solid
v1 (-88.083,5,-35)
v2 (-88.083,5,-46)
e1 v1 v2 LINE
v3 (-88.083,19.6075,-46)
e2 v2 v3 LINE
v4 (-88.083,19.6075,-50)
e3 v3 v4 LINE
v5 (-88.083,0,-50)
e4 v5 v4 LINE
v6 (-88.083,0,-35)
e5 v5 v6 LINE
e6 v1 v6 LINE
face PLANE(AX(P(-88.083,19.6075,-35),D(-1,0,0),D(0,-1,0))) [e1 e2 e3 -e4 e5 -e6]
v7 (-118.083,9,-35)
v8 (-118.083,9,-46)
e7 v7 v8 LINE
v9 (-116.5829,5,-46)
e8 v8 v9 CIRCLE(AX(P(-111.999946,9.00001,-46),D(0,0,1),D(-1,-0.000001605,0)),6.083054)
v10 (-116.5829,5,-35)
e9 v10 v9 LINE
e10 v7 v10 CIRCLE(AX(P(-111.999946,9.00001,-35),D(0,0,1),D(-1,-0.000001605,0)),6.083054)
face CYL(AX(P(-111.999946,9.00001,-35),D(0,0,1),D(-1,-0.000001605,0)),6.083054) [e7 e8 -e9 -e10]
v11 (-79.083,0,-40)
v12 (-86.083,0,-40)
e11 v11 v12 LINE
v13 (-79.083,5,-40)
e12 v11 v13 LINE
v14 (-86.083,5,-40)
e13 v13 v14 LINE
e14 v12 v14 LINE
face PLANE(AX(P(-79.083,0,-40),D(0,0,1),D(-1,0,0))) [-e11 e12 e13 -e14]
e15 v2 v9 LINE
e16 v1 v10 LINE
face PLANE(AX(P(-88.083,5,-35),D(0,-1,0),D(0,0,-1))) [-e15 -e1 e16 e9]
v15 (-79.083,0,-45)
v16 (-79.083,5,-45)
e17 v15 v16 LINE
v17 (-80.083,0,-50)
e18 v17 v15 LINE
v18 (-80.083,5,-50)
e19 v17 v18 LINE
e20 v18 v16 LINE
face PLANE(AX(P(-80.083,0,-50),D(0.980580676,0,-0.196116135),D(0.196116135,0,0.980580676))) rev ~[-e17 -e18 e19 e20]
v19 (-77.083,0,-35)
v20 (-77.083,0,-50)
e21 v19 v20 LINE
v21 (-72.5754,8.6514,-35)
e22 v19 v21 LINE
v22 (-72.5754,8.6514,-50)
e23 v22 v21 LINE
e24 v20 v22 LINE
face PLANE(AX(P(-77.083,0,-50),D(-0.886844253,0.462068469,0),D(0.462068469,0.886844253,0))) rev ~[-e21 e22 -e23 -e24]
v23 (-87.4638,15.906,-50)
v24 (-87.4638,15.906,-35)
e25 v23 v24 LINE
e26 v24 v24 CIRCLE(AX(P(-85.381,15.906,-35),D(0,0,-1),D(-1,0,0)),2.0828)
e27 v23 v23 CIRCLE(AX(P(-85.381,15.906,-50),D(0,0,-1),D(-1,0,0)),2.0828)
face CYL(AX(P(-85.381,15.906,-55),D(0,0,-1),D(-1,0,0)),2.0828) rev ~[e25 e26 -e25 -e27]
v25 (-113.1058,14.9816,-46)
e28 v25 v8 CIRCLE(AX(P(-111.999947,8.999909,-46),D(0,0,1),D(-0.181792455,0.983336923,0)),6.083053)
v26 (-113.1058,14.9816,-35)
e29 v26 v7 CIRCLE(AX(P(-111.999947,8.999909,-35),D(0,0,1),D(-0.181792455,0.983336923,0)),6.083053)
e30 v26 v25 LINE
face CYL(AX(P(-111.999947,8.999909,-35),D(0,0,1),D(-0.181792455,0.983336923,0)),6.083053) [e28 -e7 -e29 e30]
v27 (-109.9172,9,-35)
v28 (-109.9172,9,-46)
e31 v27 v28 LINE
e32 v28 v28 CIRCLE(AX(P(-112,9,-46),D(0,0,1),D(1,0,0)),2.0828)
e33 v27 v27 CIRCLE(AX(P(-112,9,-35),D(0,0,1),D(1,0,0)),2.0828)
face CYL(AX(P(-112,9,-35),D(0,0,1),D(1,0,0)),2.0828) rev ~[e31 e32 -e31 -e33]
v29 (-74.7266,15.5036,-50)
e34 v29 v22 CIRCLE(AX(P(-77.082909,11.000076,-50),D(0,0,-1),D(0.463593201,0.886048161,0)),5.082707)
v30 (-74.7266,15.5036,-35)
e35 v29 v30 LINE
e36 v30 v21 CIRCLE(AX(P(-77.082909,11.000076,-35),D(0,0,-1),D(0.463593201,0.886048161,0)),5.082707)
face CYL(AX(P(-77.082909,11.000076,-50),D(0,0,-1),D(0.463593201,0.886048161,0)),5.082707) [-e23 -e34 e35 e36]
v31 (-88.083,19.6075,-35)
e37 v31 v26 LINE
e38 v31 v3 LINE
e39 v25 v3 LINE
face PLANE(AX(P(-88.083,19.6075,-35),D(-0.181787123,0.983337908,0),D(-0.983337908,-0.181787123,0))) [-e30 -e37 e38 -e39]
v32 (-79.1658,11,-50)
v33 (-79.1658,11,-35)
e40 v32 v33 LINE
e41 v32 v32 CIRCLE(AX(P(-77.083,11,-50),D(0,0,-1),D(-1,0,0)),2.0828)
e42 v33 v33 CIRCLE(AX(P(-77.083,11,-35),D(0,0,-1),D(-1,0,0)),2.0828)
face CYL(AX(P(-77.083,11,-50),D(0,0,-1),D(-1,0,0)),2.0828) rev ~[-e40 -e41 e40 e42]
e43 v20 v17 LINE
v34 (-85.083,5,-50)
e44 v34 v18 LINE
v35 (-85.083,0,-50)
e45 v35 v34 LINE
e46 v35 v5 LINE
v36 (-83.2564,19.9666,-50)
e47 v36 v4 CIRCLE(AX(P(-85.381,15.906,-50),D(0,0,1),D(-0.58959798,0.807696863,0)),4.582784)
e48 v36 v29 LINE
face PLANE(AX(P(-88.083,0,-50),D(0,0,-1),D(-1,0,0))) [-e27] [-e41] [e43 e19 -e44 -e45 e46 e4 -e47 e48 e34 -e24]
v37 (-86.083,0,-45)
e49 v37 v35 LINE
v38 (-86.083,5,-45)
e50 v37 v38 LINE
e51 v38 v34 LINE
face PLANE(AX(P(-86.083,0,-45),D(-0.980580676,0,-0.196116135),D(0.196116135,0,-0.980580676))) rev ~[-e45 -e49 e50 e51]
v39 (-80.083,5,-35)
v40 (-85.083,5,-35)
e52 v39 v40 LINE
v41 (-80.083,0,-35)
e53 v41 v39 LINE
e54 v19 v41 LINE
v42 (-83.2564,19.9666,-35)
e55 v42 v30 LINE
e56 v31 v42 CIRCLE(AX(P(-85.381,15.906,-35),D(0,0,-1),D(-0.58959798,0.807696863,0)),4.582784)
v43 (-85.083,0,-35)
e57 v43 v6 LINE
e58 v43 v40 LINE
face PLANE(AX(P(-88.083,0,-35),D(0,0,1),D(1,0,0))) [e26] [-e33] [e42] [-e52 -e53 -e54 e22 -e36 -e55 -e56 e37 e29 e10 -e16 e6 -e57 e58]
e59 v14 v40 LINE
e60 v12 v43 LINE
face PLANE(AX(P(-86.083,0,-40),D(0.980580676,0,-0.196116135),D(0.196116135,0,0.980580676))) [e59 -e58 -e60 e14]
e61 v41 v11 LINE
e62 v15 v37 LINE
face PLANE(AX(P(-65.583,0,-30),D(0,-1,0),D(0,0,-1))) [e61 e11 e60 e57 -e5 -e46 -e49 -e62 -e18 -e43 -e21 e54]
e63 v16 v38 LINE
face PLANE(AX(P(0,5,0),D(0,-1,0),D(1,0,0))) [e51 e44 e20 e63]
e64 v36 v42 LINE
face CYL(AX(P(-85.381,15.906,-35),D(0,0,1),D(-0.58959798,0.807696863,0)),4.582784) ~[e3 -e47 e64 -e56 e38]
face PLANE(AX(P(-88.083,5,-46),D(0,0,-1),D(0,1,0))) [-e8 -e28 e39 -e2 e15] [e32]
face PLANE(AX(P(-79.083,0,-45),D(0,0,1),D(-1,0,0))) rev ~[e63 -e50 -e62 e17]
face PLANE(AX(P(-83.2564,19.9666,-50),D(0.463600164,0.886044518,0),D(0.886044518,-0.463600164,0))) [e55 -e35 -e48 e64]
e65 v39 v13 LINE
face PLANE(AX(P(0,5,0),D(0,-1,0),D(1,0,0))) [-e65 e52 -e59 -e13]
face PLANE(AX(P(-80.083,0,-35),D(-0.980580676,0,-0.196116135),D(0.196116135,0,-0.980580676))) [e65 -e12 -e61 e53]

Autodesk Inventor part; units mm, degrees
ref_plane "YZ Plane" through (0, 0, 0) normal (1, 0, 0) x (0, 1, 0)
ref_plane "XZ Plane" through (0, 0, 0) normal (0, 1, 0) x (-1, 0, 0)
ref_plane "XY Plane" through (0, 0, 0) normal (0, 0, 1) x (1, 0, 0)
sketch "Sketch1" plane through (0, 0, 0) normal (0, 1, 0) x (-1, 0, 0)
  line L0 (0, 0) -> (0, -35)
  line L1 (0, -35) -> (37, -35)
  line L2 (37, -35) -> (37, -55)
  line L3 (37, -55) -> (48, -55)
  line L4 (48, -55) -> (48, 0)
  line L5 (48, 0) -> (22, 0)
  line L6 (22, 0) -> (22, 0)
  line L7 (22, 0) -> (0, 0)
  dimension "d0" = 35
  dimension "d1" = 37
  dimension "d2" = 20
  dimension "d3" = 11
  dimension "d4" = 55
  dimension "d5" = 26
  dimension "d6" = 0
extrude "Extrusion1" add sketch "Sketch1" along normal blind 50
shell "Shell1" thickness 5 removed faces 3 at (-48, 16.6667, -36.6667) at (-19.6667, 0, -23.3333) at (-19.6667, 50, -23.3333)
sketch "Sketch2" plane through (0, 0, 0) normal (1, 0, 0) x (0, 0, -1)
  line L0 (5, 0) -> (30, 0) projected
  line L1 (5, 0) -> (19, 0)
  line L2 (19, 0) -> (19, 17)
  line L3 (19, 17) -> (5, 17)
  line L4 (5, 17) -> (5, 0)
  point P0 (0, 0)
  dimension "d10" = 17
  dimension "d11" = 0
  dimension "d12" = 11
extrude "Extrusion2" cut sketch "Sketch2" against normal blind 10
sketch "Sketch3" plane through (-48, 0, -55) normal (-1, 0, 0) x (0, 0, 1)
  line L0 (0, 0) -> (0, 50) projected
  line L1 (5, 50) -> (25, 50) projected
  line L2 (0, 0) -> (5, 0)
  line L3 (5, 0) -> (5, 50)
  line L4 (5, 50) -> (0, 50)
  line L5 (0, 50) -> (0, 0)
  point P0 (55, 0)
extrude "Extrusion3" add sketch "Sketch3" along normal blind 15
sketch "Sketch4" plane through (-48, 0, 0) normal (-1, 0, 0) x (0, 0, 1)
  line L0 (-5, 0) -> (0, 0) projected
  line L1 (-5, 0) -> (-5, 50) projected
  line L2 (0, 0) -> (-5, 0)
  line L3 (-5, 0) -> (-5, 50)
  line L4 (-5, 50) -> (0, 50)
  line L5 (0, 50) -> (0, 0)
  point P0 (0, 0)
extrude "Extrusion4" add sketch "Sketch4" along normal blind 15
sketch "Sketch5" plane through (0, 17, -5) normal (0, 0, -1) x (-1, 0, 0)
  circle A0 centre (11.5, -8.5) radius 2.0828
  line L0 (63, -17) -> (0, -17) projected
  line L1 (0, -17) -> (0, 0) projected
  dimension "d19" = 4.1656
  dimension "d20" = 8.5
  dimension "d21" = 11.5
extrude "Extrusion5" cut sketch "Sketch5" against normal blind 15
sketch "Sketch6" plane through (0, 17, -5) normal (0, 0, -1) x (-1, 0, 0)
  circle A0 centre (28.505, 18.46) radius 2.0828
  line L0 (63, -17) -> (0, -17) projected
  line L1 (5, 0) -> (5, 33) projected
  dimension "d24" = 4.1656
  dimension "d25" = 35.46
  dimension "d26" = 23.505
extrude "Extrusion6" cut sketch "Sketch6" against normal blind 15
sketch "Sketch7" plane through (0, 17, -5) normal (0, 0, -1) x (-1, 0, 0)
  circle A0 centre (58.5, 19) radius 2.0828
  line L0 (63, 33) -> (63, -17) projected
  line L1 (5, 33) -> (63, 33) projected
  point P0 (0, -17)
  dimension "d29" = 4.1656
  dimension "d30" = 4.5
  dimension "d31" = 14
extrude "Extrusion7" cut sketch "Sketch7" against normal blind 15
sketch "Sketch13" plane through (0, 0, -35) normal (0, 0, -1) x (-1, 0, 0)
  circle A0 centre (11.5, 8.5) radius 2.0828
  line L0 (0, 0) -> (37, 0) projected
  line L1 (0, 0) -> (0, 50) projected
  dimension "d41" = 4.1656
  dimension "d42" = 8.5
  dimension "d43" = 11.5
extrude "Extrusion9" cut sketch "Sketch13" against normal blind 15
sketch "Sketch14" plane through (-37, 0, -55) normal (0, 0, -1) x (-1, 0, 0)
  circle A0 centre (-8.495, 35.46) radius 2.0828
  line L0 (-37, 0) -> (-37, 50) projected
  line L1 (0, 0) -> (26, 0) projected
  dimension "d46" = 4.1656
  dimension "d47" = 28.505
  dimension "d48" = 35.46
extrude "Extrusion10" cut sketch "Sketch14" against normal blind 15
sketch "Sketch15" plane through (-37, 0, -55) normal (0, 0, -1) x (-1, 0, 0)
  circle A0 centre (21.5, 36) radius 2.0828
  line L0 (0, 0) -> (26, 0) projected
  line L1 (26, 50) -> (26, 0) projected
  point P0 (-37, 0)
  dimension "d51" = 4.1656
  dimension "d52" = 36
  dimension "d53" = 4.5
extrude "Extrusion11" cut sketch "Sketch15" against normal blind 15
sketch "Sketch16" plane through (-42, 0, -30) normal (-1, 0, 0) x (0, 0, 1)
  line L0 (0, 0) -> (-5, 0)
  line L1 (-5, 0) -> (-5, 50)
  line L2 (-5, 50) -> (0, 50)
  line L3 (0, 50) -> (0, 0)
  point P0 (30, 0)
  dimension "d56" = 5
  dimension "d57" = 50
extrude "Extrusion12" add sketch "Sketch16" along normal blind 21
sketch "Sketch17" plane through (-5, 0, -30) normal (0, 0, 1) x (1, 0, 0)
  circle A0 centre (-23.505, 35.46) radius 2.0828
  line L0 (0, 0) -> (0, 50) projected
  line L1 (0, 0) -> (-58, 0) projected
  point P0 (5, 0)
  dimension "d60" = 4.1656
  dimension "d61" = 23.505
  dimension "d62" = 35.46
extrude "Extrusion13" cut sketch "Sketch17" against normal blind 10
sketch "Sketch18" plane through (-42, 0, -35) normal (0, 0, -1) x (-1, 0, 0)
  circle A0 centre (16.5, 36) radius 2.0828
  line L0 (21, 50) -> (21, 0) projected
  line L1 (0, 0) -> (21, 0) projected
  point P0 (-42, 0)
  dimension "d65" = 4.1656
  dimension "d67" = 36
  dimension "d70" = 4.5
extrude "Extrusion14" cut sketch "Sketch18" against normal blind 10
sketch "Sketch20" plane through (-63, 0, 0) normal (-1, 0, 0) x (0, 0, 1)
  line L0 (0, 0) -> (-5, 0) projected
  line L1 (-5, 17) -> (-5, 50) projected
  line L2 (0, 0) -> (-5, 0)
  line L3 (-5, 0) -> (-5, 50)
  line L4 (-5, 50) -> (0, 50)
  line L5 (0, 50) -> (0, 0)
extrude "Extrusion15" add sketch "Sketch20" along normal blind 2.583
sketch "Sketch21" plane through (-63, 0, -30) normal (-1, 0, 0) x (0, 0, 1)
  line L0 (-20, 50) -> (-5, 50) projected
  line L1 (11, 0) -> (0, 0) projected
  line L2 (-5, 50) -> (0, 50)
  line L3 (0, 50) -> (0, 0)
  line L4 (0, 0) -> (-5, 0)
  line L5 (-5, 0) -> (-5, 50)
  point P0 (30, 0)
extrude "Extrusion16" add sketch "Sketch21" along normal blind 2.583
sketch "Sketch22" plane through (-63, 0, -55) normal (-1, 0, 0) x (0, 0, 1)
  line L0 (0, 0) -> (0, 50) projected
  line L1 (5, 0) -> (5, 50) projected
  line L2 (0, 50) -> (5, 50)
  line L3 (5, 50) -> (5, 0)
  line L4 (5, 0) -> (0, 0)
  line L5 (0, 0) -> (0, 50)
  point P0 (55, 0)
extrude "Extrusion17" add sketch "Sketch22" along normal blind 2.583
sketch "Sketch23" plane through (0, 0, 0) normal (0, 0, 1) x (1, 0, 0)
  line L0 (0, 50) -> (-37, 50) projected
  line L1 (-65.583, 50) -> (-65.583, 0) projected
  line L2 (0, 50) -> (-65.583, 50)
  line L3 (-65.583, 50) -> (-65.583, 43.083)
  line L4 (-65.583, 43.083) -> (0, 43.083)
  line L5 (0, 43.083) -> (0, 50)
  point P0 (0, 0)
  dimension "d77" = 6.917
extrude "Extrusion18" cut sketch "Sketch23" against normal blind 100
sketch "Sketch24" plane through (0, 0, -35) normal (0, 0, -1) x (-1, 0, 0)
  line L0 (0, 0) -> (65.583, 0) projected
  line L1 (31.0052, 0) -> (26.0052, 0)
  line L2 (26.0052, 5) -> (31.0052, 5)
  circle A0 centre (28.505, 35.46) radius 2.0828 projected
  line L3 (26.0052, 5) -> (25.0052, 5)
  line L4 (25.0052, 5) -> (26.0052, 0)
  line L5 (31.0052, 5) -> (32.0052, 5)
  line L6 (32.0052, 5) -> (31.0052, 0)
  dimension "d80" = 5
  dimension "d81" = 5
  dimension "d83" = 1
  dimension "d84" = 1
extrude "Extrusion19" cut sketch "Sketch24" against normal blind 100 contours L4 L3 L2 L5 L6 L0
sketch "Sketch25" plane through (-65.583, 0, -55) normal (-1, 0, 0) x (0, 0, 1)
  line L0 (20, 0) -> (0, 0) projected
  line L1 (0, 43.083) -> (20, 43.083) projected
  line L2 (0, 0) -> (5, 0)
  line L3 (5, 0) -> (5, 43.083)
  line L4 (5, 43.083) -> (0, 43.083)
  line L5 (0, 43.083) -> (0, 0)
  point P0 (55, 0)
  dimension "d87" = 5
extrude "Extrusion20" add sketch "Sketch25" along normal blind 22.5
sketch "Sketch28" plane through (-65.583, 0, -30) normal (-1, 0, 0) x (0, 0, 1)
  line L0 (0, 0) -> (-5, 0) projected
  line L1 (-5, 0) -> (-5, 43.083) projected
  line L2 (0, 0) -> (-5, 0)
  line L3 (-5, 0) -> (-5, 43.083)
  line L4 (-5, 43.083) -> (0, 43.083)
  line L5 (0, 43.083) -> (0, 0)
  point P0 (30, 0)
extrude "Extrusion23" add sketch "Sketch28" along normal blind 22.5
sketch "Sketch26" plane through (-37, 0, -55) normal (0, 0, -1) x (-1, 0, 0)
  circle A0 centre (45.232, 36.922) radius 2.0828
  line L0 (51.083, 43.083) -> (51.083, 0) projected
  line L1 (51.083, 43.083) -> (0, 43.083) projected
  point P0 (-37, 0)
  dimension "d90" = 4.1656
  dimension "d91" = 5.851
  dimension "d92" = 6.161
extrude "Extrusion21" cut sketch "Sketch26" against normal blind 25
sketch "Sketch27" plane through (-37, 0, -55) normal (0, 0, -1) x (-1, 0, 0)
  circle A0 centre (48.381, 15.906) radius 2.0828
  line L0 (51.083, 43.083) -> (51.083, 0) projected
  line L1 (0, 0) -> (51.083, 0) projected
  point P0 (-37, 0)
  dimension "d95" = 4.1656
  dimension "d96" = 2.702
  dimension "d97" = 15.906
extrude "Extrusion22" cut sketch "Sketch27" against normal blind 25
sketch "Sketch29" plane through (-42, 0, -35) normal (0, 0, -1) x (-1, 0, 0)
  circle A0 centre (43.381, 15.906) radius 2.0828 projected
  arc A1 (46.083, 19.6075) -> (46.083, 12.2045) centre (43.381, 15.906) ccw
  line L0 (46.083, 43.083) -> (46.083, 0) projected
  line L1 (46.083, 19.6075) -> (46.083, 12.2045)
  point P0 (-42, 0)
  dimension "d102" = 2.5
extrude "Extrusion24" add sketch "Sketch29" along normal up to next
sketch "Sketch30" plane through (-88.083, 0, -55) normal (-1, 0, 0) x (0, 0, 1)
  line L0 (9, 19.6075) -> (20, 19.6075)
  line L1 (20, 19.6075) -> (20, 5)
  line L2 (20, 5) -> (9, 5)
  line L3 (9, 5) -> (9, 19.6075)
  line L4 (0, 43.083) -> (0, 0) projected
  line L5 (25, 0) -> (25, 43.083) projected
  line L6 (0, 0) -> (5, 0) projected
  line L7 (20, 19.6075) -> (5, 19.6075) projected
  point P0 (55, 0)
  dimension "d105" = 9
  dimension "d106" = 5
  dimension "d107" = 5
  dimension "d108" = 0
extrude "Extrusion25" add sketch "Sketch30" along normal blind 30
sketch "Sketch31" plane through (-88.083, 5, -35) normal (0, 0, 1) x (1, 0, 0)
  circle A0 centre (-23.917, 4) radius 2.0828
  line L0 (-30, 0) -> (-30, 14.6075) projected
  line L1 (0, 0) -> (-30, 0) projected
  point P0 (88.083, -5)
  dimension "d111" = 4.1656
  dimension "d112" = 6.083
  dimension "d113" = 4
extrude "Extrusion26" cut sketch "Sketch31" against normal blind 30
sketch "Sketch33" plane through (-88.083, 5, -35) normal (0, 0, 1) x (1, 0, 0)
  circle A0 centre (-23.917, 4) radius 2.0828 projected
  arc A1 (-25.0228, 9.9816) -> (-30, 4) centre (-23.917, 4) ccw
  line L0 (-30, 14.6075) -> (-30, 0) projected
  line L1 (-30, 0) -> (-30, 14.6075) projected
  line L2 (0, 14.6075) -> (-30, 14.6075) projected
  line L3 (-30, 4) -> (-30, 14.6075)
  line L4 (0, 14.6075) -> (-30, 14.6075) projected
  line L5 (-30, 14.6075) -> (0, 14.6075)
  line L6 (0, 14.6075) -> (-25.0228, 9.9816)
  point P0 (88.083, -5)
extrude "Extrusion27" cut sketch "Sketch33" against normal blind 30 contours A1 L0 L2 L6
sketch "Sketch34" plane through (-118.083, 5, -35) normal (0, 0, 1) x (1, 0, 0)
  circle A0 centre (6.083, 4) radius 2.0828 projected
  line L0 (0, 0) -> (0, 4) projected
  arc A1 (0, 4) -> (1.5001, 0) centre (6.083, 4) ccw
  line L1 (30, 0) -> (0, 0) projected
  line L2 (1.5001, 0) -> (0, 0)
  arc A2 (4.9772, 9.9816) -> (0, 4) centre (6.083, 4) ccw projected
  line L3 (0, 0) -> (0, 4)
  point P0 (118.083, -5)
extrude "Extrusion28" cut sketch "Sketch34" against normal blind 30 contours L0 A1 L1
sketch "Sketch35" plane through (-88.083, 5, -46) normal (0, -1, 0) x (1, 0, 0)
  line L0 (0, 0) -> (-28.4999, 0) projected
  line L1 (46.083, 11) -> (0, 11) projected
  line L2 (0, 11) -> (11, 11)
  line L3 (11, 11) -> (11, -4)
  line L4 (11, -4) -> (0, -4)
  line L5 (0, -4) -> (0, 11)
  point P0 (88.083, 46)
  dimension "d130" = 11
  dimension "d131" = 15
  dimension "d132" = 0
  dimension "d133" = 0
extrude "Extrusion29" add sketch "Sketch35" against normal blind 8 and the other way blind 5
sketch "Sketch39" plane through (0, 0, 0) normal (1, 0, 0) x (0, 0, -1)
  line L0 (0, 0) -> (5, 0) projected
  line L1 (35, 43.083) -> (0, 43.083) projected
  line L2 (0, 0) -> (35, 0)
  line L3 (35, 0) -> (35, 43.083)
  line L4 (35, 43.083) -> (0, 43.083)
  line L5 (0, 43.083) -> (0, 0)
extrude "Extrusion30" cut sketch "Sketch39" against normal blind 190
sketch "Sketch40" plane through (-37, 0, -55) normal (0, 0, -1) x (-1, 0, 0)
  line L0 (29.4244, -3.1435) -> (-8.7081, -3.1435)
  line L1 (-8.7081, -3.1435) -> (-8.7081, 47.1531)
  line L2 (-8.7081, 47.1531) -> (29.4244, 47.1531)
  line L3 (29.4244, 47.1531) -> (29.4244, -3.1435)
  point P0 (-37, 0)
extrude "Extrusion31" cut sketch "Sketch40" against normal blind 50
sketch "Sketch41" plane through (-66.4244, 0, -55) normal (1, 0, 0) x (0, 0, -1)
  line L0 (0, 0) -> (-5, 0) projected
  line L1 (-5, 0) -> (13.4745, 0)
  line L2 (13.4745, 0) -> (13.4745, 44.4196)
  line L3 (13.4745, 44.4196) -> (-5, 44.4196)
  line L4 (-5, 44.4196) -> (-5, 0)
  point P0 (-55, 0)
extrude "Extrusion32" cut sketch "Sketch41" against normal blind 50
sketch "Sketch42" plane through (-88.083, 0, -35) normal (0, 0, 1) x (1, 0, 0)
  line L0 (11, 13) -> (6.2456, 13) projected
  line L1 (11, 13) -> (6.2456, 18.812)
  arc A0 (6.2456, 13) -> (0, 19.6075) centre (2.702, 15.906) ccw projected
  line L2 (6.2456, 13) -> (6.2456, 18.812)
  line L3 (6.2456, 13) -> (11, 13)
  point P0 (88.083, 0)
extrude "Extrusion33" add sketch "Sketch42" against normal blind 15
sketch "Sketch43" plane through (0, 0, 0) normal (0, -1, 0) x (1, 0, 0)
  line L0 (-88.083, -50) -> (-77.083, -50) projected
  line L1 (-80.083, -50) -> (-79.083, -45)
  line L2 (-79.083, -45) -> (-86.083, -45)
  line L3 (-86.083, -45) -> (-85.083, -50)
  line L4 (-80.083, -50) -> (-85.083, -50)
  line L5 (-77.083, -50) -> (-77.083, -35) projected
  line L6 (-88.083, -50) -> (-88.083, -35) projected
  point P0 (0, 0)
  dimension "d144" = 3
  dimension "d145" = 3
  dimension "d146" = 5
  dimension "d147" = 1
  dimension "d148" = 1
extrude "Extrusion34" cut sketch "Sketch43" against normal blind 5
sketch "Sketch44" plane through (0, 0, 0) normal (0, -1, 0) x (1, 0, 0)
  line L0 (-77.083, -35) -> (-88.083, -35) projected
  line L1 (-80.083, -35) -> (-79.083, -40)
  line L2 (-79.083, -40) -> (-86.083, -40)
  line L3 (-86.083, -40) -> (-85.083, -35)
  line L4 (-85.083, -35) -> (-80.083, -35)
  line L5 (-77.083, -50) -> (-77.083, -35) projected
  line L6 (-88.083, -50) -> (-88.083, -35) projected
  point P0 (0, 0)
  dimension "d151" = 3
  dimension "d152" = 1
  dimension "d153" = 3
  dimension "d154" = 1
  dimension "d155" = 5
extrude "Extrusion35" cut sketch "Sketch44" against normal blind 5
sketch "Sketch45" plane through (-88.083, 0, -50) normal (0, 0, -1) x (-1, 0, 0)
  line L0 (0, 0) -> (0, 5) construction
  line L1 (0, 0) -> (-16.9719, 16.9719) construction
  line L2 (0, 0) -> (24.0019, 0) construction
  line L3 (-11, 0) -> (-11, 13) projected
  circle A0 centre (-11, 11) radius 2.0828
  point P0 (-88.083, 0)
  dimension "d158" = 135
  dimension "d159" = 4.1656
extrude "Extrusion36" cut sketch "Sketch45" against normal blind 15
sketch "Sketch47" plane through (-88.083, 0, -50) normal (0, 0, -1) x (-1, 0, 0)
  arc A0 (-11, 8.9172) -> (-10.9331, 13.0817) centre (-11, 11) ccw projected
  arc A1 (0, 19.6075) -> (-6.2456, 18.812) centre (-2.702, 15.906) ccw projected
  line L0 (-4.8266, 19.9666) -> (-13.3564, 15.5036)
  line L1 (-11, 8.9172) -> (-11, 0) projected
  line L2 (-11, 0) -> (-15.5076, 8.6514)
  line L3 (-11, 0) -> (-4.8266, 19.9666)
  arc A2 (-13.3564, 15.5036) -> (-15.5076, 8.6514) centre (-11, 11) ccw
  point P0 (-88.083, 0)
extrude "Extrusion37" add sketch "Sketch47" against normal blind 15
sketch "Sketch48" plane through (-88.083, 0, -50) normal (0, 0, -1) x (-1, 0, 0)
  circle A0 centre (-11, 11) radius 2.0828
  arc A1 (-13.3564, 15.5036) -> (-15.5076, 8.6514) centre (-11, 11) ccw projected
  point P0 (-88.083, 0)
  dimension "d165" = 4.1656
  dimension "d166" = 0
  dimension "d167" = 0
extrude "Extrusion38" cut sketch "Sketch48" against normal blind 15
properties part number "Frame VG01-07"
